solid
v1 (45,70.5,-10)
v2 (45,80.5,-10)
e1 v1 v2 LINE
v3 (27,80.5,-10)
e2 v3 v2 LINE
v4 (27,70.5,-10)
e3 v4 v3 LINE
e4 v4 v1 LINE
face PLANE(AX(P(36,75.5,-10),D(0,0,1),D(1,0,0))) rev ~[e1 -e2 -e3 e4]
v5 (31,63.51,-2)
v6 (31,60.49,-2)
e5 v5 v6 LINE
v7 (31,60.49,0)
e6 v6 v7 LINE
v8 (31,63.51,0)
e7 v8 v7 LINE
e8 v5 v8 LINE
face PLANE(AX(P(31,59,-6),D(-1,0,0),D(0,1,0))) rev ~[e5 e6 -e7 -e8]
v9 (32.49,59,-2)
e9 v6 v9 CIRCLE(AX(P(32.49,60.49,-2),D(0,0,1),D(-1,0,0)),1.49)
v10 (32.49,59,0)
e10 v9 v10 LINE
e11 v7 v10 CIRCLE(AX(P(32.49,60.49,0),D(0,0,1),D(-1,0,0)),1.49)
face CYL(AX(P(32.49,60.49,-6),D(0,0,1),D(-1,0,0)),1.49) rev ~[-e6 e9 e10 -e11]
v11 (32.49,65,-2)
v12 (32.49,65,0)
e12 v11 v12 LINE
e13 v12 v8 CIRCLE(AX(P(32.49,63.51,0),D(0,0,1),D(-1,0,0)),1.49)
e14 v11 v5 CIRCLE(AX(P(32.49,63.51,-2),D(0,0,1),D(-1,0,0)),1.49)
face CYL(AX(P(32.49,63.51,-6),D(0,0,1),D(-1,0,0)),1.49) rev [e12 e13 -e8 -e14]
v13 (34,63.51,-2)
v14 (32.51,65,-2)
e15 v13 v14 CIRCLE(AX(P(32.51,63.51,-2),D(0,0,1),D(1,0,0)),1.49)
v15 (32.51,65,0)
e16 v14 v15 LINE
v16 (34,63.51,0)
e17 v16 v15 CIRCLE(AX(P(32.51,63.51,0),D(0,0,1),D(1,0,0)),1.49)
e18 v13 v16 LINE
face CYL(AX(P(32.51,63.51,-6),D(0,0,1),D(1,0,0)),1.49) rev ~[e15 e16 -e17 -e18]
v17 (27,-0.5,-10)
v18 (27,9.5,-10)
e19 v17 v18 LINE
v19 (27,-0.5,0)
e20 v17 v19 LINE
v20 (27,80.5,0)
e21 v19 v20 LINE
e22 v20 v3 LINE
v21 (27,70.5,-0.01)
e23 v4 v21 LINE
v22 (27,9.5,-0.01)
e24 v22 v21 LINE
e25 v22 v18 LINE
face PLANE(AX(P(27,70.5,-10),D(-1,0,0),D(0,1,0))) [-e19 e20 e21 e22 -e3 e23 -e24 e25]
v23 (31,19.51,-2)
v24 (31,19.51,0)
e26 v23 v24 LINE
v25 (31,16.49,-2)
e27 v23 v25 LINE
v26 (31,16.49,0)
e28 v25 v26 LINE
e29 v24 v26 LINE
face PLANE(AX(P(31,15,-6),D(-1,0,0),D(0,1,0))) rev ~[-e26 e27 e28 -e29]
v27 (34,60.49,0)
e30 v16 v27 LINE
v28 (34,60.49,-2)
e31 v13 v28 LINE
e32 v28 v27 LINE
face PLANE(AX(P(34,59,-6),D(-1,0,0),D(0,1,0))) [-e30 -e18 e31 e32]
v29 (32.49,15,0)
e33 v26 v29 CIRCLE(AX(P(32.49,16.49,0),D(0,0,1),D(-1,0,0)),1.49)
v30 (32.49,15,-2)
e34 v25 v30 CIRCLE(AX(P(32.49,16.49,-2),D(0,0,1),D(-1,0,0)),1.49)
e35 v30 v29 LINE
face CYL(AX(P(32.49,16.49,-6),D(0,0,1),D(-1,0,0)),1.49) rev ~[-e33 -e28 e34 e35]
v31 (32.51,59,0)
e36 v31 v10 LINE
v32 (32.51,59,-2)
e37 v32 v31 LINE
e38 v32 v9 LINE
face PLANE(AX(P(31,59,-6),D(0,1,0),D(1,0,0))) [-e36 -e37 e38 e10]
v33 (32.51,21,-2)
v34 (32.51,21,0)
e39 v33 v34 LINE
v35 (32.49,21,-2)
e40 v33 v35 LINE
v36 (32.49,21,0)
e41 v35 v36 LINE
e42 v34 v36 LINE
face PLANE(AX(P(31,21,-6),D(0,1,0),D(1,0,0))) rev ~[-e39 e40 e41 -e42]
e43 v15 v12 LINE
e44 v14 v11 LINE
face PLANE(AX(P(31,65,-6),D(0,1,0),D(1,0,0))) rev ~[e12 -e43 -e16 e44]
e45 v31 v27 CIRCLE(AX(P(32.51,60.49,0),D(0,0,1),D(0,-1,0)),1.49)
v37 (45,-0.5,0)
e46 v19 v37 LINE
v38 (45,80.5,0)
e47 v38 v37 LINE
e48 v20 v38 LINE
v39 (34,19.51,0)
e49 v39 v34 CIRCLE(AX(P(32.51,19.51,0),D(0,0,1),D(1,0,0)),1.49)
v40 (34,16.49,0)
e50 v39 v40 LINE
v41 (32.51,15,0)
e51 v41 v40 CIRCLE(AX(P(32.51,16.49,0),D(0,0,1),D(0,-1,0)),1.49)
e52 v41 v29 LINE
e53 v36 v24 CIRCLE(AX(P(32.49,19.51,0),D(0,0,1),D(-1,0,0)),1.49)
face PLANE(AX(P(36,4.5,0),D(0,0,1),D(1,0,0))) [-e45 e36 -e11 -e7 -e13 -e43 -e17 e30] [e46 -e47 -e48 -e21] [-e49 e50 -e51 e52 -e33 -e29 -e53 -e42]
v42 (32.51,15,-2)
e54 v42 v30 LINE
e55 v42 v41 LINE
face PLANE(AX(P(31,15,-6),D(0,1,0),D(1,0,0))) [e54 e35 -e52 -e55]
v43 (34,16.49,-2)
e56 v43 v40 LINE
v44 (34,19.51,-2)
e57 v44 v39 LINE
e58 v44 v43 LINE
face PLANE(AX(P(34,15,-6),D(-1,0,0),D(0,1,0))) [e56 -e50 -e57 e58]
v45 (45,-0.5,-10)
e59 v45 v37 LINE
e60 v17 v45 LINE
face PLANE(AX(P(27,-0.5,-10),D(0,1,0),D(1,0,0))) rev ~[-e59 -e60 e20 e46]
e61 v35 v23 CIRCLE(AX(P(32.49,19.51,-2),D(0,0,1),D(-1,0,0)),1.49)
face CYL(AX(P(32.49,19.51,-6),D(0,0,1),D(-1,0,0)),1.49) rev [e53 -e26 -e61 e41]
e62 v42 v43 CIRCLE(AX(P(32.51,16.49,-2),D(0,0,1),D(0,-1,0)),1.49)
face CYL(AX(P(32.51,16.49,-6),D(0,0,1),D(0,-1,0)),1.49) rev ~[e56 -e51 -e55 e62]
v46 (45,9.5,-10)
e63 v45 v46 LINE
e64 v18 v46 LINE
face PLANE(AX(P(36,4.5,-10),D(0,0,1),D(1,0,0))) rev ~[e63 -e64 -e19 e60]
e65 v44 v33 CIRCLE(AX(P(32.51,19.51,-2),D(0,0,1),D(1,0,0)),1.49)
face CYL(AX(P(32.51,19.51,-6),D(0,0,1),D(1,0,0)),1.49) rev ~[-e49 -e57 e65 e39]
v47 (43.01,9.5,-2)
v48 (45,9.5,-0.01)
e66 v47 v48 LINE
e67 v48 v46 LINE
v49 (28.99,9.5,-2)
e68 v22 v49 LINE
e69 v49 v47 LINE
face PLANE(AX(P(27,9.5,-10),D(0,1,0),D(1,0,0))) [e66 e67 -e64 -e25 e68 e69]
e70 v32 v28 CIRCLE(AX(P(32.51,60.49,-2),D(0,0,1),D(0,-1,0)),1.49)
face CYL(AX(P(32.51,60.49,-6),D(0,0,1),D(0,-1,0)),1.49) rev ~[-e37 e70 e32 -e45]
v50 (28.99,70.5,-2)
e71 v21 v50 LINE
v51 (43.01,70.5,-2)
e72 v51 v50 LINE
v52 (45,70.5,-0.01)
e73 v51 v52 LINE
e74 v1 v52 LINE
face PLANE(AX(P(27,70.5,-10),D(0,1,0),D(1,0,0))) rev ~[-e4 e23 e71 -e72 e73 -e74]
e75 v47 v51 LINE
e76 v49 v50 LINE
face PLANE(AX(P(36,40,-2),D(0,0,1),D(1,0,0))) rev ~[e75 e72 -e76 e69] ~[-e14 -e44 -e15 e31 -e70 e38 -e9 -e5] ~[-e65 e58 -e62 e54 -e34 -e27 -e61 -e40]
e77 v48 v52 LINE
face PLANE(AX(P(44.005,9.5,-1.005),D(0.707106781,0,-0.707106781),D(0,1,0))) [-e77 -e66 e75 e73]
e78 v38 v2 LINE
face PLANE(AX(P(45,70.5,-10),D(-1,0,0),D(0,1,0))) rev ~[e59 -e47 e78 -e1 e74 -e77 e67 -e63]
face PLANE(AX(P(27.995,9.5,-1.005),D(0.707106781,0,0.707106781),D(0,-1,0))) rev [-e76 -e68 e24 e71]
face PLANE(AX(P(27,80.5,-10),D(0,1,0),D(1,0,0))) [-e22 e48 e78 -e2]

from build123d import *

# Parameters (mm, degrees)
BOX108_W        = 3
BOX108_H        = 6
BOX108_DEPTH    = 10
FILLET029_R     = 1.49
BOX107_W        = 3
BOX107_H        = 6
BOX107_DEPTH    = 10
FILLET028_R     = 1.49
BOX106_W        = 18
BOX106_H        = 81
BOX106_DEPTH    = 2
BOX105_W        = 18
BOX105_H        = 10
BOX105_DEPTH    = 10
BOX104_W        = 18
BOX104_H        = 10
BOX104_DEPTH    = 10
CHAMFER014_SIZE = 1.99


with BuildPart() as fillet029:
    # Box108 → Box108 (new body)
    with BuildSketch(Plane.XY):
        with Locations((1.5, 3)):
            Rectangle(BOX108_W, BOX108_H)
    extrude(amount=BOX108_DEPTH)

    # Fillet029
    fillet029_edges = [fillet029.edges().sort_by_distance(p)[0] for p in [
        (0, 0, 5),
        (0, 6, 5),
        (3, 0, 5),
        (3, 6, 5),
    ]]
    fillet(fillet029_edges, radius=FILLET029_R)


with BuildPart() as fillet029_1:
    # Fillet029 placement: moved
    add(fillet029.part.moved(Location((31, 59.5, -6))))


with BuildPart() as fusion133:
    # Box107 → Box107 (new body)
    with BuildSketch(Plane.XY):
        with Locations((1.5, 3)):
            Rectangle(BOX107_W, BOX107_H)
    extrude(amount=BOX107_DEPTH)

    # Fillet028
    fillet028_edges = [fusion133.edges().sort_by_distance(p)[0] for p in [
        (0, 0, 5),
        (0, 6, 5),
        (3, 0, 5),
        (3, 6, 5),
    ]]
    fillet(fillet028_edges, radius=FILLET028_R)


with BuildPart() as fusion133_1:
    # Fillet028 placement: moved
    add(fusion133.part.moved(Location((31, 15.5, -6))))

    # Fusion133: union Fillet029
    add(fillet029_1.part)


with BuildPart() as cube078:
    # Box106 → Box106 (new body)
    with BuildSketch(Plane(origin=(27, 0, -2), x_dir=(1, 0, 0), z_dir=(0, 0, 1))):
        with Locations((9, 40.5)):
            Rectangle(BOX106_W, BOX106_H)
    extrude(amount=BOX106_DEPTH)


with BuildPart() as cube077:
    # Box105 → Box105 (new body)
    with BuildSketch(Plane(origin=(27, 71, -10), x_dir=(1, 0, 0), z_dir=(0, 0, 1))):
        with Locations((9, 5)):
            Rectangle(BOX105_W, BOX105_H)
    extrude(amount=BOX105_DEPTH)


with BuildPart() as kipper_frame_missing_part:
    # Box104 → Box104 (new body)
    with BuildSketch(Plane(origin=(27, 0, -10), x_dir=(1, 0, 0), z_dir=(0, 0, 1))):
        with Locations((9, 5)):
            Rectangle(BOX104_W, BOX104_H)
    extrude(amount=BOX104_DEPTH)

    # Fusion132: union Cube078, Cube077
    add(cube078.part)
    add(cube077.part)

    # Cut125: cut Fusion133
    add(fusion133_1.part, mode=Mode.SUBTRACT)

    # Chamfer014
    chamfer014_edges = [kipper_frame_missing_part.edges().sort_by_distance(p)[0] for p in [
        (27, 40.5, -2),
        (45, 40.5, -2),
    ]]
    chamfer(chamfer014_edges, length=CHAMFER014_SIZE)


with BuildPart() as kipper_frame_missing_part_1:
    # Chamfer014 placement: moved
    add(kipper_frame_missing_part.part.moved(Location((0, -0.5, 0))))


solid = kipper_frame_missing_part_1.part
